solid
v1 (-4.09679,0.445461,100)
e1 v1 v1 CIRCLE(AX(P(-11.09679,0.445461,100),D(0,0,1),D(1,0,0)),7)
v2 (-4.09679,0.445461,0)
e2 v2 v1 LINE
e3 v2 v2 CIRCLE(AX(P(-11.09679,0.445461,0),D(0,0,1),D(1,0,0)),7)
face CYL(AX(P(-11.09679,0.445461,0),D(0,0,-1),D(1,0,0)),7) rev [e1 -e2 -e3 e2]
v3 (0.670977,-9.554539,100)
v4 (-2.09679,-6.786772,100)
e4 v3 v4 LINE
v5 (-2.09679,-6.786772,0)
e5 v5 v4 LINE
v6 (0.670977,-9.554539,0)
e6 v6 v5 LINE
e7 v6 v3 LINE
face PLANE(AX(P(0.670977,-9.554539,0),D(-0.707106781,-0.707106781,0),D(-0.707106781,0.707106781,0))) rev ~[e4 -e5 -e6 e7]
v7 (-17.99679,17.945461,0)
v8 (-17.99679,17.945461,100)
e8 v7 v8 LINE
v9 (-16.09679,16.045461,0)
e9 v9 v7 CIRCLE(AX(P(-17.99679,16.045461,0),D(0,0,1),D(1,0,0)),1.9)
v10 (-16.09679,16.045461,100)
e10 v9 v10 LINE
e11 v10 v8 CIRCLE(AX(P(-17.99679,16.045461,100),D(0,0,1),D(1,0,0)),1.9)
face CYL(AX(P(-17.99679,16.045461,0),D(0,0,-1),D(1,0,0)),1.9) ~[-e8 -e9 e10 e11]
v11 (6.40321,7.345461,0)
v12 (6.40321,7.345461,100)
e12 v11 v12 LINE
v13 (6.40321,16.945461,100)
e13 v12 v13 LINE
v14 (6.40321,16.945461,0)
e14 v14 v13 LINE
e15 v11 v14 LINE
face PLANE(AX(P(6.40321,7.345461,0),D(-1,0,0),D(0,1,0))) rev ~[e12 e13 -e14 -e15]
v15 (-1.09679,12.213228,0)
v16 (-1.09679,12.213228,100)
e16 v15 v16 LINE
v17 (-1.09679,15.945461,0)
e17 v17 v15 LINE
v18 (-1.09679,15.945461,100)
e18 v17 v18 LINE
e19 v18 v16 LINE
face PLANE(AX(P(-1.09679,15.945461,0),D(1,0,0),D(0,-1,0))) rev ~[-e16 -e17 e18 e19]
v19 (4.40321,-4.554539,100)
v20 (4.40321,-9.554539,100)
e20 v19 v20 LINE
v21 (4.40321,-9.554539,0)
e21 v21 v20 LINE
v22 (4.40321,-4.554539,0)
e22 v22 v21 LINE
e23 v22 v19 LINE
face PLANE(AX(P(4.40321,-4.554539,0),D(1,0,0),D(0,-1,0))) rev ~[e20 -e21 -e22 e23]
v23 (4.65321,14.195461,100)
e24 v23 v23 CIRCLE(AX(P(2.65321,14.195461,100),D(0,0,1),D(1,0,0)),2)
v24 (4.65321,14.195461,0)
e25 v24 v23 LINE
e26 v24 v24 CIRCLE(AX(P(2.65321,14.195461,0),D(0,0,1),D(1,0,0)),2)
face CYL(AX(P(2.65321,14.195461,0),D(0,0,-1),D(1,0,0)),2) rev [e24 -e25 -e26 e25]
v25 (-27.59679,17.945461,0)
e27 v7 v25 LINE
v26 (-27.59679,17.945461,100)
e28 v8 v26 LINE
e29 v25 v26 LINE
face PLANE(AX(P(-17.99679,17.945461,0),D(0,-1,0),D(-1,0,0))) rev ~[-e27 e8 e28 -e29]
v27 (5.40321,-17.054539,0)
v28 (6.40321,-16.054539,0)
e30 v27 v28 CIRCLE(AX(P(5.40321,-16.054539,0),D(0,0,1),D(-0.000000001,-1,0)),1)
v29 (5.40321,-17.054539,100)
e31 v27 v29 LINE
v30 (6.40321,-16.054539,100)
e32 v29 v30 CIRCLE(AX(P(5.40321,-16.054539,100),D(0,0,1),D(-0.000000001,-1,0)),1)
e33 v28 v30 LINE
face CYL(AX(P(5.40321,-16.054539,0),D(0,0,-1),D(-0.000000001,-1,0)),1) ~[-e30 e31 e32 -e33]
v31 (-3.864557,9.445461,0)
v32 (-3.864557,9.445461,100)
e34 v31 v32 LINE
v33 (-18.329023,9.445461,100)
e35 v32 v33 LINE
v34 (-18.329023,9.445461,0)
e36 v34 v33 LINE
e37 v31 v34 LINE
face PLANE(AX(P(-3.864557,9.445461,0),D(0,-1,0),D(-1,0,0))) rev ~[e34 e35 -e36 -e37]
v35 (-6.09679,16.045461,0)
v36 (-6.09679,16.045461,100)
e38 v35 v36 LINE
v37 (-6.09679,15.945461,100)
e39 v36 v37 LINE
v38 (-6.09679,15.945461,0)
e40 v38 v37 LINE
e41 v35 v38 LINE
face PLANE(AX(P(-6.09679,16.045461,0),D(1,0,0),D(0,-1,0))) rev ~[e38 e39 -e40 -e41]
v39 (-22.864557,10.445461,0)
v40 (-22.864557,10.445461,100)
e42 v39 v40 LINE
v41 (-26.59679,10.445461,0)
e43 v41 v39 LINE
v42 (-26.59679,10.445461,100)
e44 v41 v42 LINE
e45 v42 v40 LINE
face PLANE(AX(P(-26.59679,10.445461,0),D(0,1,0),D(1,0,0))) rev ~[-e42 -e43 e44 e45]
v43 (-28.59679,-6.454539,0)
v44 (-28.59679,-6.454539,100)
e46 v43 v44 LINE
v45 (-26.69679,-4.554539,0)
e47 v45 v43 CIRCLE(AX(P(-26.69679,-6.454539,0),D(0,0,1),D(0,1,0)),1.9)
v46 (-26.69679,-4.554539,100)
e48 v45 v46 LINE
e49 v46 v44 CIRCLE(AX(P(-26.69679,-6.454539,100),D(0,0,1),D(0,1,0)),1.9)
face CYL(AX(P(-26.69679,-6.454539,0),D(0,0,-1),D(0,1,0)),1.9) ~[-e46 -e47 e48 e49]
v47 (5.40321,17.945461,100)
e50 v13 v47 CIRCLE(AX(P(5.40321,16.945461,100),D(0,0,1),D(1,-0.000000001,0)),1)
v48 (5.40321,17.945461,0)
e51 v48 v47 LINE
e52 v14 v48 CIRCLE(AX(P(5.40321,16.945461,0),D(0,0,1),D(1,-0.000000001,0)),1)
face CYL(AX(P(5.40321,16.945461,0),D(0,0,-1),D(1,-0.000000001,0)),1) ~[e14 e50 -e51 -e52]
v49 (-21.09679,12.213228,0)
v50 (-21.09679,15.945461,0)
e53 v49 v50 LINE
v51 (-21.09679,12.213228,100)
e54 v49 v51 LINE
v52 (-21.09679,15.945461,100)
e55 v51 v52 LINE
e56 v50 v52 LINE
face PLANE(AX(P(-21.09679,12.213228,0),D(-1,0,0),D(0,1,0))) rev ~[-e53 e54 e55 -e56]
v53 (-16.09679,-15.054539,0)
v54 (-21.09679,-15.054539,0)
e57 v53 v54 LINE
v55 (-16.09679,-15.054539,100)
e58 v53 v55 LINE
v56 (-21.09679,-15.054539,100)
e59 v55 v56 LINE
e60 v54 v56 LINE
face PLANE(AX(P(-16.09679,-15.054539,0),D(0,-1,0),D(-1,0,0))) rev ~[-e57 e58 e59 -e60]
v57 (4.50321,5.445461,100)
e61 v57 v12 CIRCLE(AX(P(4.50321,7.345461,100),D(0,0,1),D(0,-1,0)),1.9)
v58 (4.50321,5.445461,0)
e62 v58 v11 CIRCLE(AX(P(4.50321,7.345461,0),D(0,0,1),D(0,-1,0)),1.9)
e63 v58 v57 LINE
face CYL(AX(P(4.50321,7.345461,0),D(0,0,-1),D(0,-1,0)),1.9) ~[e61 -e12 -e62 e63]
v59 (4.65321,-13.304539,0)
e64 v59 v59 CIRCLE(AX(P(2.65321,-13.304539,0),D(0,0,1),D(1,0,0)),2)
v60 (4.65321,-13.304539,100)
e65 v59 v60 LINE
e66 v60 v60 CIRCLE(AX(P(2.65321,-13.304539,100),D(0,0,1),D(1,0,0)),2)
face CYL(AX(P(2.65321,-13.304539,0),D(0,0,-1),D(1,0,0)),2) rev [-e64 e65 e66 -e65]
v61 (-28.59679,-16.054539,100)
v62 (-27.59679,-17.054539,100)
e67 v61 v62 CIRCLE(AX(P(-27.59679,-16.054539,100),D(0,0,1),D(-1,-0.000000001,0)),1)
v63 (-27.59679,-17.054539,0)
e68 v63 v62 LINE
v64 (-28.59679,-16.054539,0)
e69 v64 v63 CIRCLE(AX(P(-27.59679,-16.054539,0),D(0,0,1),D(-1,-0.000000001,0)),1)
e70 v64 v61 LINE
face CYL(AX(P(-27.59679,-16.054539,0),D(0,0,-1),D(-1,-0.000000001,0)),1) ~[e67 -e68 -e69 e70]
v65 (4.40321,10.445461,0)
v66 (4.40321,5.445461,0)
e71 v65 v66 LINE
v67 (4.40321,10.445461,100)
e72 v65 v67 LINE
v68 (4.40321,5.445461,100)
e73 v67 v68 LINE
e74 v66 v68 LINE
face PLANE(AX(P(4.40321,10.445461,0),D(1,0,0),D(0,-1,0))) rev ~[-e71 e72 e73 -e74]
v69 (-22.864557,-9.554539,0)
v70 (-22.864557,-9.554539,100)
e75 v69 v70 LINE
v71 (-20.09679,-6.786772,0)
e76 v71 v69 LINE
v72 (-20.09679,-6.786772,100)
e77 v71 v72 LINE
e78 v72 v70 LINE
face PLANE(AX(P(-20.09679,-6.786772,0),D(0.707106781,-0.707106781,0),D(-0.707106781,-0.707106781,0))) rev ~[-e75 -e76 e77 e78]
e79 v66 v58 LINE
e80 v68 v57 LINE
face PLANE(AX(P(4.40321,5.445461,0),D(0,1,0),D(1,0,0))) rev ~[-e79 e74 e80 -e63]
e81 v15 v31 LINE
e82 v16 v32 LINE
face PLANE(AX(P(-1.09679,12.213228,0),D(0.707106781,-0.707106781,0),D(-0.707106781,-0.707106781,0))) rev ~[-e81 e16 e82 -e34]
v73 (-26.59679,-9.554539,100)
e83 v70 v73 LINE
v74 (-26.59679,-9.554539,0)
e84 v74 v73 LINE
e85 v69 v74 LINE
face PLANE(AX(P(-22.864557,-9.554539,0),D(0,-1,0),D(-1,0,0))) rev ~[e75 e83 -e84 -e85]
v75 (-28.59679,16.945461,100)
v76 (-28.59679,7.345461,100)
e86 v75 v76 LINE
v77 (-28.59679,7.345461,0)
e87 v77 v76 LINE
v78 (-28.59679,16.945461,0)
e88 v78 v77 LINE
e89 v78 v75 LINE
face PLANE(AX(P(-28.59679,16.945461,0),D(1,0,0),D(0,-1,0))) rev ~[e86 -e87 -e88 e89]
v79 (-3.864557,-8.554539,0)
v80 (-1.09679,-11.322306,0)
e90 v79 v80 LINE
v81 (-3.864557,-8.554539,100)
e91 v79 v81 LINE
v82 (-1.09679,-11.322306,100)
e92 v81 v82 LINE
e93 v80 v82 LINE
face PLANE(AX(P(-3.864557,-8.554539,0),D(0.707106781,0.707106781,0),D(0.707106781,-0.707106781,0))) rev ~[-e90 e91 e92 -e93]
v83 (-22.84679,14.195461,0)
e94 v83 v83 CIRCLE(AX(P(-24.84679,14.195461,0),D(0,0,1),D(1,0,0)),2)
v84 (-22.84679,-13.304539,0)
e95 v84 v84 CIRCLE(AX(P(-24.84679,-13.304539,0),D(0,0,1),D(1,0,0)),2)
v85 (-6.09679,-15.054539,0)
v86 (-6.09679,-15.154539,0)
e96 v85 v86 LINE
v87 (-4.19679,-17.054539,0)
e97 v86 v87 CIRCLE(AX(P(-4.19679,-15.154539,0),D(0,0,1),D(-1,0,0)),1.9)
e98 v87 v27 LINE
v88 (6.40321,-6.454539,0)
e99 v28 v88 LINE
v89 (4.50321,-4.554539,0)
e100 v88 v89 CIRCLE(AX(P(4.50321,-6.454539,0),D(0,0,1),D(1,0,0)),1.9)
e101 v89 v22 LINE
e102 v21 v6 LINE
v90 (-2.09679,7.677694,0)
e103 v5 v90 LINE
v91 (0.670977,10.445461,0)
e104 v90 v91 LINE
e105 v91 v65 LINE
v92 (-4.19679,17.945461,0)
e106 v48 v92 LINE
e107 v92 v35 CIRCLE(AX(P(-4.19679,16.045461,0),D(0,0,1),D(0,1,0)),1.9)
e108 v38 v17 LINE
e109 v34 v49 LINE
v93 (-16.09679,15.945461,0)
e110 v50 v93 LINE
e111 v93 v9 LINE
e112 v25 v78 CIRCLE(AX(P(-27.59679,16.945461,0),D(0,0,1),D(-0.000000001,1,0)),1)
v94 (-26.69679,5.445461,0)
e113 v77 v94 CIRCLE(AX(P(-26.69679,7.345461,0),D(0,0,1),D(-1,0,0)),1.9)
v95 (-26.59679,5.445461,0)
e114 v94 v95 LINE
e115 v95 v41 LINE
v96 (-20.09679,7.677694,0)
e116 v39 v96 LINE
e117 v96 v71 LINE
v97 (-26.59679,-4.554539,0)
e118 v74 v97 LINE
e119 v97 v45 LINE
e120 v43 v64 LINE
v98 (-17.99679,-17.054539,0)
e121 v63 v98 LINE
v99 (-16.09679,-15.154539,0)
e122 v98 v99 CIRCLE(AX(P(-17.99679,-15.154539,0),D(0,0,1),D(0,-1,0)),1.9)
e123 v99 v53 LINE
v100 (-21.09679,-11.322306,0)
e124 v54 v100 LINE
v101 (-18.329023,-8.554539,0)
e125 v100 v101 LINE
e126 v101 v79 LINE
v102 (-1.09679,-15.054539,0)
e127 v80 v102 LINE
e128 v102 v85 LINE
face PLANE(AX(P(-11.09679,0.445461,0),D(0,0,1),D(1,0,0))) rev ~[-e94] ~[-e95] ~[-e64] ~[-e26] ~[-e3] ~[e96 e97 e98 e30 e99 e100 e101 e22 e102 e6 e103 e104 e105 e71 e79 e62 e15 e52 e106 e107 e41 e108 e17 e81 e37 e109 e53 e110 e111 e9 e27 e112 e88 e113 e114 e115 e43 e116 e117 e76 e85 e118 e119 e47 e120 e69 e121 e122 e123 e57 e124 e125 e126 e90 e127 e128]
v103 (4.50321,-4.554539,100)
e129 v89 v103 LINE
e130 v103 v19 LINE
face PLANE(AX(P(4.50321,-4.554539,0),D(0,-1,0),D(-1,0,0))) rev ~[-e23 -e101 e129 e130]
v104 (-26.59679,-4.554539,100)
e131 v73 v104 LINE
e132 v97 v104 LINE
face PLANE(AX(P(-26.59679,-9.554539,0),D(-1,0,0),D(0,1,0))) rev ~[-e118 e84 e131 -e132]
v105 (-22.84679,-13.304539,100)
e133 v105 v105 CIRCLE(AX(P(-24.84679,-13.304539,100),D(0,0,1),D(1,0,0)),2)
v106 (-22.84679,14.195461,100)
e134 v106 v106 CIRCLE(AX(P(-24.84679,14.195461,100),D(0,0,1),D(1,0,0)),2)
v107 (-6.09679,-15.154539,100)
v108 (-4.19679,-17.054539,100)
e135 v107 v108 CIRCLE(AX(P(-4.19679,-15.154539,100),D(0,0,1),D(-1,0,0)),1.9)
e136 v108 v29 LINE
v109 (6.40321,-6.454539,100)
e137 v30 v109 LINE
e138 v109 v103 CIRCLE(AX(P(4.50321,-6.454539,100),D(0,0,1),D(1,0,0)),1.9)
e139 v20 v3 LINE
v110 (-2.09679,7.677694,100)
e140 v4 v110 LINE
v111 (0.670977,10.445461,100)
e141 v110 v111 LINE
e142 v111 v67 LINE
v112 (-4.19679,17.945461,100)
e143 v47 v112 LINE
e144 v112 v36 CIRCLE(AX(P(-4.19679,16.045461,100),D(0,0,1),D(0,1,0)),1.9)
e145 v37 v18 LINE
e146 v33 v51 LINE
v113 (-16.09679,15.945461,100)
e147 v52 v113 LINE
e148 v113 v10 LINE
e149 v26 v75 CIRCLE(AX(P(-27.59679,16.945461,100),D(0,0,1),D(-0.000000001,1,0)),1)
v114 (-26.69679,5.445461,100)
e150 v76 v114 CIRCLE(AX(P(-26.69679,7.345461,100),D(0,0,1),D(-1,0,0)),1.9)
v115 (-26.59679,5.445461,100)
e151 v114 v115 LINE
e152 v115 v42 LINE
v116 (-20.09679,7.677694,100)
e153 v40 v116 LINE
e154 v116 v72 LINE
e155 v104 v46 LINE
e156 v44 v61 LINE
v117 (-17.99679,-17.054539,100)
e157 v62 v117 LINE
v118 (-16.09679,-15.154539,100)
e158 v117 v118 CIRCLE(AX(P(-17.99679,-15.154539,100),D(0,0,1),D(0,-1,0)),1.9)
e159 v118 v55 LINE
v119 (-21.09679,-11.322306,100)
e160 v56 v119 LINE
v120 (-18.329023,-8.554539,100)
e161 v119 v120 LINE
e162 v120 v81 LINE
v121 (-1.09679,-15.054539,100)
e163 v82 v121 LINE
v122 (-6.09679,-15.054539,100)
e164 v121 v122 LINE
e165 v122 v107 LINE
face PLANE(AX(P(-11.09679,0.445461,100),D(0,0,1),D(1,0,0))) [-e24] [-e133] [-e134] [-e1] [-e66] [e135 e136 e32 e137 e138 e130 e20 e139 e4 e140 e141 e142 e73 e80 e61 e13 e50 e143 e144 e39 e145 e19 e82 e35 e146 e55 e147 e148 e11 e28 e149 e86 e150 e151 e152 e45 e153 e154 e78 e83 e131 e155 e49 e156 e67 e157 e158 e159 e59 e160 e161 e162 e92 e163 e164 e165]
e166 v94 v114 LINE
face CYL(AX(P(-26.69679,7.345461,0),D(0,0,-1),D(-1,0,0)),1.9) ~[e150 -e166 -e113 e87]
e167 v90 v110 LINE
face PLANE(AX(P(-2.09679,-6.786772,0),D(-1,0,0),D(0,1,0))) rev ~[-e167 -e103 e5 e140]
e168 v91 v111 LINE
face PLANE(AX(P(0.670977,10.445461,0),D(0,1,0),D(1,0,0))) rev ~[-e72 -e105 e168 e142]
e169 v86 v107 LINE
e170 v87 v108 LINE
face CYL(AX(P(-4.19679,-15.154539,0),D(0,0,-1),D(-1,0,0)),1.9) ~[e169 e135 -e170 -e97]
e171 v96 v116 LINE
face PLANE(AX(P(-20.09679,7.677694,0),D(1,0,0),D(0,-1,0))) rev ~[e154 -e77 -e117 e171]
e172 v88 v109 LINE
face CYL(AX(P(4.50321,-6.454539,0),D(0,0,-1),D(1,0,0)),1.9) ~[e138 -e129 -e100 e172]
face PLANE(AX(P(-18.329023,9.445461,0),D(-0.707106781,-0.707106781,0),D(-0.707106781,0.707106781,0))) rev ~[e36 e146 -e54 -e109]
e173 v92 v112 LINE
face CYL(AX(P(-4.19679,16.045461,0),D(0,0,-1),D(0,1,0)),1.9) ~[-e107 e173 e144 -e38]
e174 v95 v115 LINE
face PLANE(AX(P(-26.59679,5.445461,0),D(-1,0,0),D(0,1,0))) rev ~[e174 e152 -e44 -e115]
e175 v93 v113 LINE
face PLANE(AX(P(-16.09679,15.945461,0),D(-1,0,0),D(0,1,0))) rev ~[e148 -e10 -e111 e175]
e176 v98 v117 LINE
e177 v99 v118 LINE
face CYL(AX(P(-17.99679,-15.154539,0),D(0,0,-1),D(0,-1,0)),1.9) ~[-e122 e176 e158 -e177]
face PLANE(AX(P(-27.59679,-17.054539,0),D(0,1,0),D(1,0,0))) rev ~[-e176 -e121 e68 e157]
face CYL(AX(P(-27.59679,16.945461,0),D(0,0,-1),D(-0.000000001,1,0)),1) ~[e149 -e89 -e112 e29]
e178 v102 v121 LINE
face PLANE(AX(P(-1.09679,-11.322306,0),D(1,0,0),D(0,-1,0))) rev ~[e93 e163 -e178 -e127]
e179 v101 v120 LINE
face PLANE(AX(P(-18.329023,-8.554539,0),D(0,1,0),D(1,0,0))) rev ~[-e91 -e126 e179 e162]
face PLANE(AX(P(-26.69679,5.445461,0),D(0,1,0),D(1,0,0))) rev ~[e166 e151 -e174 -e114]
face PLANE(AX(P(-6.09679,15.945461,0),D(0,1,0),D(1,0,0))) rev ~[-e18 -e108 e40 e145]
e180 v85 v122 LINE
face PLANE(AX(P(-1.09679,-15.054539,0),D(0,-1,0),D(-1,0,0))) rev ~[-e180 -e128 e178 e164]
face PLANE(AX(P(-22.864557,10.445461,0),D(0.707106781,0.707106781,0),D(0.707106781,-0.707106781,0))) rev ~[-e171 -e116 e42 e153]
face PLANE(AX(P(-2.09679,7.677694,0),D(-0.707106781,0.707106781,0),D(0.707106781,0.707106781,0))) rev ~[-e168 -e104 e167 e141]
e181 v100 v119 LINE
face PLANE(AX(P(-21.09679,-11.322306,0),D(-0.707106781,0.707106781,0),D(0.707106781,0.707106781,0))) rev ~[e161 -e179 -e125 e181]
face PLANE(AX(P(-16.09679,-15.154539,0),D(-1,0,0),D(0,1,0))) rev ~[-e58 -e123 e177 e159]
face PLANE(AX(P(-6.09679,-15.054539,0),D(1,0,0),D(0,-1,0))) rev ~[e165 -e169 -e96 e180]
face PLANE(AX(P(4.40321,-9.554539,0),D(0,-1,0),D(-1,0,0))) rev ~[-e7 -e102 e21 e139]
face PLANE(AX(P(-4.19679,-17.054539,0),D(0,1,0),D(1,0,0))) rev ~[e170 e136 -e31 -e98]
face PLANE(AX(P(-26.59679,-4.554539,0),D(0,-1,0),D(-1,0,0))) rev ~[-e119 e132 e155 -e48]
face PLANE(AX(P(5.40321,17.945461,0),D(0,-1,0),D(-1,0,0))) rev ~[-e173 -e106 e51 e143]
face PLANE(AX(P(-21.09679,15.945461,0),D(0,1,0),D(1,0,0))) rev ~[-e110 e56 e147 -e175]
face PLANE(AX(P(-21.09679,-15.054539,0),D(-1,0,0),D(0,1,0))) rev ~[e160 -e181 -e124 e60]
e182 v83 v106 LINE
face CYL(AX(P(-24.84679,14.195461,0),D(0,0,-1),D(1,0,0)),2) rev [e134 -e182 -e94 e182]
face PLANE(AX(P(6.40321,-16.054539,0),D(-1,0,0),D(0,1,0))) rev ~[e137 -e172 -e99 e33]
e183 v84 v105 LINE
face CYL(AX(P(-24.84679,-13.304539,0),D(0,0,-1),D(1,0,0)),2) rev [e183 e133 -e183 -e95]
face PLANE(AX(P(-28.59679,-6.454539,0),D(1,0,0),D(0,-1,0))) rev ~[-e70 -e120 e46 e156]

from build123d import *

# Parameters (mm, degrees)
SKETCH_1_R      = 7
SKETCH_1_R_2    = 2
EXTRUDE_1_DEPTH = 100


with BuildPart() as part:
    # 草图1 → 凸台-拉伸1 (new body)
    with BuildSketch(Plane.XY):
        with BuildLine():
            Line((-16.096789658, 15.945460798), (-16.096789658, 16.045460798))
            ThreePointArc((-16.096789658, 16.045460798), (-16.653286773, 17.388963682), (-17.996789658, 17.945460798))
            Line((-17.996789658, 17.945460798), (-27.596789658, 17.945460798))
            ThreePointArc((-27.596789658, 17.945460798), (-28.303896439, 17.652567579), (-28.596789658, 16.945460798))
            Line((-28.596789658, 16.945460798), (-28.596789658, 7.345460798))
            ThreePointArc((-28.596789658, 7.345460798), (-28.040292542, 6.001957914), (-26.696789658, 5.445460798))
            Line((-26.696789658, 5.445460798), (-26.596789658, 5.445460798))
            Line((-26.596789658, 5.445460798), (-26.596789658, 10.445460798))
            Line((-26.596789658, 10.445460798), (-22.864556611, 10.445460798))
            Line((-22.864556611, 10.445460798), (-20.096789658, 7.677693845))
            Line((-20.096789658, 7.677693845), (-20.096789658, -6.786772249))
            Line((-20.096789658, -6.786772249), (-22.864556611, -9.554539202))
            Line((-22.864556611, -9.554539202), (-26.596789658, -9.554539202))
            Line((-26.596789658, -9.554539202), (-26.596789658, -4.554539202))
            Line((-26.596789658, -4.554539202), (-26.696789658, -4.554539202))
            ThreePointArc((-26.696789658, -4.554539202), (-28.040292542, -5.111036318), (-28.596789658, -6.454539202))
            Line((-28.596789658, -6.454539202), (-28.596789658, -16.054539202))
            ThreePointArc((-28.596789658, -16.054539202), (-28.303896439, -16.761645983), (-27.596789658, -17.054539202))
            Line((-27.596789658, -17.054539202), (-17.996789658, -17.054539202))
            ThreePointArc((-17.996789658, -17.054539202), (-16.653286773, -16.498042086), (-16.096789658, -15.154539202))
            Line((-16.096789658, -15.154539202), (-16.096789658, -15.054539202))
            Line((-16.096789658, -15.054539202), (-21.096789658, -15.054539202))
            Line((-21.096789658, -15.054539202), (-21.096789658, -11.322306155))
            Line((-21.096789658, -11.322306155), (-18.329022705, -8.554539202))
            Line((-18.329022705, -8.554539202), (-3.864556611, -8.554539202))
            Line((-3.864556611, -8.554539202), (-1.096789658, -11.322306155))
            Line((-1.096789658, -11.322306155), (-1.096789658, -15.054539202))
            Line((-1.096789658, -15.054539202), (-6.096789658, -15.054539202))
            Line((-6.096789658, -15.054539202), (-6.096789658, -15.154539202))
            ThreePointArc((-6.096789658, -15.154539202), (-5.540292542, -16.498042086), (-4.196789658, -17.054539202))
            Line((-4.196789658, -17.054539202), (5.403210342, -17.054539202))
            ThreePointArc((5.403210342, -17.054539202), (6.110317124, -16.761645983), (6.403210342, -16.054539202))
            Line((6.403210342, -16.054539202), (6.403210342, -6.454539202))
            ThreePointArc((6.403210342, -6.454539202), (5.846713227, -5.111036318), (4.503210342, -4.554539202))
            Line((4.503210342, -4.554539202), (4.403210342, -4.554539202))
            Line((4.403210342, -4.554539202), (4.403210342, -9.554539202))
            Line((4.403210342, -9.554539202), (0.670977295, -9.554539202))
            Line((0.670977295, -9.554539202), (-2.096789658, -6.786772249))
            Line((-2.096789658, -6.786772249), (-2.096789658, 7.677693845))
            Line((-2.096789658, 7.677693845), (0.670977295, 10.445460798))
            Line((0.670977295, 10.445460798), (4.403210342, 10.445460798))
            Line((4.403210342, 10.445460798), (4.403210342, 5.445460798))
            Line((4.403210342, 5.445460798), (4.503210342, 5.445460798))
            ThreePointArc((4.503210342, 5.445460798), (5.846713227, 6.001957914), (6.403210342, 7.345460798))
            Line((6.403210342, 7.345460798), (6.403210342, 16.945460798))
            ThreePointArc((6.403210342, 16.945460798), (6.110317124, 17.652567579), (5.403210342, 17.945460798))
            Line((5.403210342, 17.945460798), (-4.196789658, 17.945460798))
            ThreePointArc((-4.196789658, 17.945460798), (-5.540292542, 17.388963682), (-6.096789658, 16.045460798))
            Line((-6.096789658, 16.045460798), (-6.096789658, 15.945460798))
            Line((-6.096789658, 15.945460798), (-1.096789658, 15.945460798))
            Line((-1.096789658, 15.945460798), (-1.096789658, 12.213227751))
            Line((-1.096789658, 12.213227751), (-3.864556611, 9.445460798))
            Line((-3.864556611, 9.445460798), (-18.329022705, 9.445460798))
            Line((-18.329022705, 9.445460798), (-21.096789658, 12.213227751))
            Line((-21.096789658, 12.213227751), (-21.096789658, 15.945460798))
            Line((-21.096789658, 15.945460798), (-16.096789658, 15.945460798))
        make_face()
        with Locations((-11.096789658, 0.445460798)):
            Circle(SKETCH_1_R, mode=Mode.SUBTRACT)
        with Locations((-24.846789658, 14.195460798)):
            Circle(SKETCH_1_R_2, mode=Mode.SUBTRACT)
        with Locations((2.653210342, 14.195460798)):
            Circle(SKETCH_1_R_2, mode=Mode.SUBTRACT)
        with Locations((-24.846789658, -13.304539202)):
            Circle(SKETCH_1_R_2, mode=Mode.SUBTRACT)
        with Locations((2.653210342, -13.304539202)):
            Circle(SKETCH_1_R_2, mode=Mode.SUBTRACT)
    extrude(amount=EXTRUDE_1_DEPTH)


solid = part.part
